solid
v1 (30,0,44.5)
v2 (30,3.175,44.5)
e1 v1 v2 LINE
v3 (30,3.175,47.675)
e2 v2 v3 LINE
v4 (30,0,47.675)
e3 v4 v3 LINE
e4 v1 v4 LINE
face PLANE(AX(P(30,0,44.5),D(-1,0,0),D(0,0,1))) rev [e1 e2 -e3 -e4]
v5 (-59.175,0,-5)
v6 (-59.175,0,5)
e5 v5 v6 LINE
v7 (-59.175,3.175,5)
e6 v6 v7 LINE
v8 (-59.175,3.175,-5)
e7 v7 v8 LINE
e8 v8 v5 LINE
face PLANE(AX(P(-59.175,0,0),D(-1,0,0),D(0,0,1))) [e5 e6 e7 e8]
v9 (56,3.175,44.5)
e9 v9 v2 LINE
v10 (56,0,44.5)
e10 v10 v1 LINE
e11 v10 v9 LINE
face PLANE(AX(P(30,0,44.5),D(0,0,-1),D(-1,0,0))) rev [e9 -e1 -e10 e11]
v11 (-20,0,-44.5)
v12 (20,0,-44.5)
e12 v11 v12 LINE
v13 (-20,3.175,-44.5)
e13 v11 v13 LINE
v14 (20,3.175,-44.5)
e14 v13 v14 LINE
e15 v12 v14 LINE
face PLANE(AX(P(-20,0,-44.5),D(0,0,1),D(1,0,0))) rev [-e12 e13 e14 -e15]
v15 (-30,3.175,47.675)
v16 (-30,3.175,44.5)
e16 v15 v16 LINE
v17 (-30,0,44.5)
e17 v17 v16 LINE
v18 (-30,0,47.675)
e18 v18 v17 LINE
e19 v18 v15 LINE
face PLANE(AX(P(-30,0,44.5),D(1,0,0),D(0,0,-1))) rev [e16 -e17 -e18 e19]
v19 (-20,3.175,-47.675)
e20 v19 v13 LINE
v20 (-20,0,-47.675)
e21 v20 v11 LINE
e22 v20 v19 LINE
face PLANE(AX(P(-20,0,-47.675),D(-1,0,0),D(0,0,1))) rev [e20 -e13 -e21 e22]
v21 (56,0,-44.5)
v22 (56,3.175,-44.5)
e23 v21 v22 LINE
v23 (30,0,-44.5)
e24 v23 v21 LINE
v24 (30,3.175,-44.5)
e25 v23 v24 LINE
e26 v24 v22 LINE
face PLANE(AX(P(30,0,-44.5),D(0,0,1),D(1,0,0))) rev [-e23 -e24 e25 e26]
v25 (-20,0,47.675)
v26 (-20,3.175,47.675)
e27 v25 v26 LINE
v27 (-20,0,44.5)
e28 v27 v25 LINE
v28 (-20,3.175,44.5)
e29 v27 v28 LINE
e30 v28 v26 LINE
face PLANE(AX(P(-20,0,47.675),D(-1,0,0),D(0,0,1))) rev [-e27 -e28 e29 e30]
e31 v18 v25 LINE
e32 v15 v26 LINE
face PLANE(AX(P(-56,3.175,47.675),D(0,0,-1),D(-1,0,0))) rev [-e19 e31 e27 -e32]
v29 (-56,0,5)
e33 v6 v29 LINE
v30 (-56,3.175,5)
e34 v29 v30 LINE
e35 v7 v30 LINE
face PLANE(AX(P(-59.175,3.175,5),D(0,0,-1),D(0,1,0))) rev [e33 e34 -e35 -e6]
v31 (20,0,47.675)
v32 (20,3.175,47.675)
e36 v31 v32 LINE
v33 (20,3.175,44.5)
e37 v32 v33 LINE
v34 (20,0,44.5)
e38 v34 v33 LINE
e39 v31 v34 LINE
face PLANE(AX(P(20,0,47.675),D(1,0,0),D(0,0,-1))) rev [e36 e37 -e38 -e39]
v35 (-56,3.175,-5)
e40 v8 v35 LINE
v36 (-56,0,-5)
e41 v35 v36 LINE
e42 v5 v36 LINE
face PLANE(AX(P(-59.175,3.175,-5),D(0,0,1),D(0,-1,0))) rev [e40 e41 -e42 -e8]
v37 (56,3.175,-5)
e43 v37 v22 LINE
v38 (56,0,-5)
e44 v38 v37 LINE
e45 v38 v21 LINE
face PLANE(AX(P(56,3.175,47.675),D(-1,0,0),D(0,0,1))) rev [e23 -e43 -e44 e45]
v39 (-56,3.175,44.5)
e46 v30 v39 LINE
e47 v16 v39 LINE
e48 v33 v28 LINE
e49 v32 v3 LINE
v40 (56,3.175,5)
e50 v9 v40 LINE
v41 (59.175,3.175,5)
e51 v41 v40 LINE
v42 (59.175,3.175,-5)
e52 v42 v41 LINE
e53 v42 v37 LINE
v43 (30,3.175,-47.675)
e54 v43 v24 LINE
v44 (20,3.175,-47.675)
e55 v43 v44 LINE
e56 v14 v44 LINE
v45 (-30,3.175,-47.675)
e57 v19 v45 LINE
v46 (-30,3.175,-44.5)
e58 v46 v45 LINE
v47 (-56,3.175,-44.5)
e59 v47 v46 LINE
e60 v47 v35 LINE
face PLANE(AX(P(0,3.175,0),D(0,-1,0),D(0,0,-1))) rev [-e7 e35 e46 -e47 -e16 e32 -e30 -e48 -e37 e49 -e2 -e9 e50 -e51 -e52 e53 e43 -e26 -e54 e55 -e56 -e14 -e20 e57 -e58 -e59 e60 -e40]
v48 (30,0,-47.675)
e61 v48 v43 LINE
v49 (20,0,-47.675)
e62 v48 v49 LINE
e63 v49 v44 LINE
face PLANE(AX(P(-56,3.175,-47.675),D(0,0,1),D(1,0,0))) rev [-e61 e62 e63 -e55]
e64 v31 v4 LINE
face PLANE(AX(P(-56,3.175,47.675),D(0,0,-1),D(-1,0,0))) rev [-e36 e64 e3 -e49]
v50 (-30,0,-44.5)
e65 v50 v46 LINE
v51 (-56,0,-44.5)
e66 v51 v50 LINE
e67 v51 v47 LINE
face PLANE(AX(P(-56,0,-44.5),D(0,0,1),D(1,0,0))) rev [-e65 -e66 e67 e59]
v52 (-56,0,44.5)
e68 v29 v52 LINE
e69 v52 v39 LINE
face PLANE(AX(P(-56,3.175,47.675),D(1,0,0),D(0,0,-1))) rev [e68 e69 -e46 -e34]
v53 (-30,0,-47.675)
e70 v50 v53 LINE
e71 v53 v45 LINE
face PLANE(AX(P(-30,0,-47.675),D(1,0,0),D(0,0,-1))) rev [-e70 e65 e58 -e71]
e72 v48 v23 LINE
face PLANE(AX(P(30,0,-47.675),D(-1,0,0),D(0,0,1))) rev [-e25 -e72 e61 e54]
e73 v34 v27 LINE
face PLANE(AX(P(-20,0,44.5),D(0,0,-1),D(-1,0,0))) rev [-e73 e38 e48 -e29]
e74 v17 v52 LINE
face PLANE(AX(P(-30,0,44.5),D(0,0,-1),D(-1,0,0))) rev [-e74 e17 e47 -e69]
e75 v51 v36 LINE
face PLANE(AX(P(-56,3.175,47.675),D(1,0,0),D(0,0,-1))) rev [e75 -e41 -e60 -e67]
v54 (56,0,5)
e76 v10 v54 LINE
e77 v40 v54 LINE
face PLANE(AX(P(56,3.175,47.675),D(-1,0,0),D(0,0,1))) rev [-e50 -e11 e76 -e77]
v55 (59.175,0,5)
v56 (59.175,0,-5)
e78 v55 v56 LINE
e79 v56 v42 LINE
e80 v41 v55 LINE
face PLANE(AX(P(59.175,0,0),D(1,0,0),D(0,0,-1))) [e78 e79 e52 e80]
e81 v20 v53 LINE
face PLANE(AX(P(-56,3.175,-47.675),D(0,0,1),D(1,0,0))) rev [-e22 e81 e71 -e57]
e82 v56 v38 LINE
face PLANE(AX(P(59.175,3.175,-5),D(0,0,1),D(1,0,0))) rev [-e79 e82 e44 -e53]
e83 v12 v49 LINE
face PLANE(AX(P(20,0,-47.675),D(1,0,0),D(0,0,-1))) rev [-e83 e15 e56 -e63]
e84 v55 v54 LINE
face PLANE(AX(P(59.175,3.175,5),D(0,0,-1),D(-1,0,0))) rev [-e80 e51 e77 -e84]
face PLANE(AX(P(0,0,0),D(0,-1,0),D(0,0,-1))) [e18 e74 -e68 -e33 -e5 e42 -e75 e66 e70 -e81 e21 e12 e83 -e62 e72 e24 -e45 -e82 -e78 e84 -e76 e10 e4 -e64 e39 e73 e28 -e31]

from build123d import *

# Parameters (mm, degrees)
SKETCH1_W           = 112
SKETCH1_H           = 95.35
BOSS_EXTRUDE1_DEPTH = 3.175
SKETCH2_W           = 40
SKETCH2_H           = 3.175
SKETCH2_W_2         = 26
CUT_EXTRUDE1_DEPTH  = 74.613763998
SKETCH4_W           = 10
SKETCH4_H           = 3.175
BOSS_EXTRUDE2_DEPTH = 3.175
SKETCH5_W           = 10
SKETCH5_H           = 3.175
BOSS_EXTRUDE3_DEPTH = 3.175


with BuildPart() as part:
    # Sketch1 → Boss-Extrude1 (new body)
    with BuildSketch(Plane(origin=(0, 0, 0), x_dir=(1, 0, 0), z_dir=(0, 1, 0))):
        Rectangle(SKETCH1_W, SKETCH1_H)
    extrude(amount=BOSS_EXTRUDE1_DEPTH)

    # Sketch2 → Cut-Extrude1 (cut, through all)
    with BuildSketch(Plane(origin=(0, 3.175, 0), x_dir=(1, 0, 0), z_dir=(0, 1, 0))):
        with Locations((0, 46.0875)):
            Rectangle(SKETCH2_W, SKETCH2_H)
        with Locations((43, 46.0875)):
            Rectangle(SKETCH2_W_2, SKETCH2_H)
        with Locations((-43, 46.0875)):
            Rectangle(SKETCH2_W_2, SKETCH2_H)
        with Locations((0, -46.0875)):
            Rectangle(SKETCH2_W, SKETCH2_H)
        with Locations((-43, -46.0875)):
            Rectangle(SKETCH2_W_2, SKETCH2_H)
        with Locations((43, -46.0875)):
            Rectangle(SKETCH2_W_2, SKETCH2_H)
    extrude(amount=-CUT_EXTRUDE1_DEPTH, mode=Mode.SUBTRACT)

    # Sketch4 → Boss-Extrude2 (add)
    with BuildSketch(Plane.ZY.offset(56)):
        with Locations((0, 1.5875)):
            Rectangle(SKETCH4_W, SKETCH4_H)
    extrude(amount=BOSS_EXTRUDE2_DEPTH)

    # Sketch5 → Boss-Extrude3 (add)
    with BuildSketch(Plane(origin=(56, 0, 0), x_dir=(0, 0, -1), z_dir=(1, 0, 0))):
        with Locations((0, 1.5875)):
            Rectangle(SKETCH5_W, SKETCH5_H)
    extrude(amount=BOSS_EXTRUDE3_DEPTH)


solid = part.part
